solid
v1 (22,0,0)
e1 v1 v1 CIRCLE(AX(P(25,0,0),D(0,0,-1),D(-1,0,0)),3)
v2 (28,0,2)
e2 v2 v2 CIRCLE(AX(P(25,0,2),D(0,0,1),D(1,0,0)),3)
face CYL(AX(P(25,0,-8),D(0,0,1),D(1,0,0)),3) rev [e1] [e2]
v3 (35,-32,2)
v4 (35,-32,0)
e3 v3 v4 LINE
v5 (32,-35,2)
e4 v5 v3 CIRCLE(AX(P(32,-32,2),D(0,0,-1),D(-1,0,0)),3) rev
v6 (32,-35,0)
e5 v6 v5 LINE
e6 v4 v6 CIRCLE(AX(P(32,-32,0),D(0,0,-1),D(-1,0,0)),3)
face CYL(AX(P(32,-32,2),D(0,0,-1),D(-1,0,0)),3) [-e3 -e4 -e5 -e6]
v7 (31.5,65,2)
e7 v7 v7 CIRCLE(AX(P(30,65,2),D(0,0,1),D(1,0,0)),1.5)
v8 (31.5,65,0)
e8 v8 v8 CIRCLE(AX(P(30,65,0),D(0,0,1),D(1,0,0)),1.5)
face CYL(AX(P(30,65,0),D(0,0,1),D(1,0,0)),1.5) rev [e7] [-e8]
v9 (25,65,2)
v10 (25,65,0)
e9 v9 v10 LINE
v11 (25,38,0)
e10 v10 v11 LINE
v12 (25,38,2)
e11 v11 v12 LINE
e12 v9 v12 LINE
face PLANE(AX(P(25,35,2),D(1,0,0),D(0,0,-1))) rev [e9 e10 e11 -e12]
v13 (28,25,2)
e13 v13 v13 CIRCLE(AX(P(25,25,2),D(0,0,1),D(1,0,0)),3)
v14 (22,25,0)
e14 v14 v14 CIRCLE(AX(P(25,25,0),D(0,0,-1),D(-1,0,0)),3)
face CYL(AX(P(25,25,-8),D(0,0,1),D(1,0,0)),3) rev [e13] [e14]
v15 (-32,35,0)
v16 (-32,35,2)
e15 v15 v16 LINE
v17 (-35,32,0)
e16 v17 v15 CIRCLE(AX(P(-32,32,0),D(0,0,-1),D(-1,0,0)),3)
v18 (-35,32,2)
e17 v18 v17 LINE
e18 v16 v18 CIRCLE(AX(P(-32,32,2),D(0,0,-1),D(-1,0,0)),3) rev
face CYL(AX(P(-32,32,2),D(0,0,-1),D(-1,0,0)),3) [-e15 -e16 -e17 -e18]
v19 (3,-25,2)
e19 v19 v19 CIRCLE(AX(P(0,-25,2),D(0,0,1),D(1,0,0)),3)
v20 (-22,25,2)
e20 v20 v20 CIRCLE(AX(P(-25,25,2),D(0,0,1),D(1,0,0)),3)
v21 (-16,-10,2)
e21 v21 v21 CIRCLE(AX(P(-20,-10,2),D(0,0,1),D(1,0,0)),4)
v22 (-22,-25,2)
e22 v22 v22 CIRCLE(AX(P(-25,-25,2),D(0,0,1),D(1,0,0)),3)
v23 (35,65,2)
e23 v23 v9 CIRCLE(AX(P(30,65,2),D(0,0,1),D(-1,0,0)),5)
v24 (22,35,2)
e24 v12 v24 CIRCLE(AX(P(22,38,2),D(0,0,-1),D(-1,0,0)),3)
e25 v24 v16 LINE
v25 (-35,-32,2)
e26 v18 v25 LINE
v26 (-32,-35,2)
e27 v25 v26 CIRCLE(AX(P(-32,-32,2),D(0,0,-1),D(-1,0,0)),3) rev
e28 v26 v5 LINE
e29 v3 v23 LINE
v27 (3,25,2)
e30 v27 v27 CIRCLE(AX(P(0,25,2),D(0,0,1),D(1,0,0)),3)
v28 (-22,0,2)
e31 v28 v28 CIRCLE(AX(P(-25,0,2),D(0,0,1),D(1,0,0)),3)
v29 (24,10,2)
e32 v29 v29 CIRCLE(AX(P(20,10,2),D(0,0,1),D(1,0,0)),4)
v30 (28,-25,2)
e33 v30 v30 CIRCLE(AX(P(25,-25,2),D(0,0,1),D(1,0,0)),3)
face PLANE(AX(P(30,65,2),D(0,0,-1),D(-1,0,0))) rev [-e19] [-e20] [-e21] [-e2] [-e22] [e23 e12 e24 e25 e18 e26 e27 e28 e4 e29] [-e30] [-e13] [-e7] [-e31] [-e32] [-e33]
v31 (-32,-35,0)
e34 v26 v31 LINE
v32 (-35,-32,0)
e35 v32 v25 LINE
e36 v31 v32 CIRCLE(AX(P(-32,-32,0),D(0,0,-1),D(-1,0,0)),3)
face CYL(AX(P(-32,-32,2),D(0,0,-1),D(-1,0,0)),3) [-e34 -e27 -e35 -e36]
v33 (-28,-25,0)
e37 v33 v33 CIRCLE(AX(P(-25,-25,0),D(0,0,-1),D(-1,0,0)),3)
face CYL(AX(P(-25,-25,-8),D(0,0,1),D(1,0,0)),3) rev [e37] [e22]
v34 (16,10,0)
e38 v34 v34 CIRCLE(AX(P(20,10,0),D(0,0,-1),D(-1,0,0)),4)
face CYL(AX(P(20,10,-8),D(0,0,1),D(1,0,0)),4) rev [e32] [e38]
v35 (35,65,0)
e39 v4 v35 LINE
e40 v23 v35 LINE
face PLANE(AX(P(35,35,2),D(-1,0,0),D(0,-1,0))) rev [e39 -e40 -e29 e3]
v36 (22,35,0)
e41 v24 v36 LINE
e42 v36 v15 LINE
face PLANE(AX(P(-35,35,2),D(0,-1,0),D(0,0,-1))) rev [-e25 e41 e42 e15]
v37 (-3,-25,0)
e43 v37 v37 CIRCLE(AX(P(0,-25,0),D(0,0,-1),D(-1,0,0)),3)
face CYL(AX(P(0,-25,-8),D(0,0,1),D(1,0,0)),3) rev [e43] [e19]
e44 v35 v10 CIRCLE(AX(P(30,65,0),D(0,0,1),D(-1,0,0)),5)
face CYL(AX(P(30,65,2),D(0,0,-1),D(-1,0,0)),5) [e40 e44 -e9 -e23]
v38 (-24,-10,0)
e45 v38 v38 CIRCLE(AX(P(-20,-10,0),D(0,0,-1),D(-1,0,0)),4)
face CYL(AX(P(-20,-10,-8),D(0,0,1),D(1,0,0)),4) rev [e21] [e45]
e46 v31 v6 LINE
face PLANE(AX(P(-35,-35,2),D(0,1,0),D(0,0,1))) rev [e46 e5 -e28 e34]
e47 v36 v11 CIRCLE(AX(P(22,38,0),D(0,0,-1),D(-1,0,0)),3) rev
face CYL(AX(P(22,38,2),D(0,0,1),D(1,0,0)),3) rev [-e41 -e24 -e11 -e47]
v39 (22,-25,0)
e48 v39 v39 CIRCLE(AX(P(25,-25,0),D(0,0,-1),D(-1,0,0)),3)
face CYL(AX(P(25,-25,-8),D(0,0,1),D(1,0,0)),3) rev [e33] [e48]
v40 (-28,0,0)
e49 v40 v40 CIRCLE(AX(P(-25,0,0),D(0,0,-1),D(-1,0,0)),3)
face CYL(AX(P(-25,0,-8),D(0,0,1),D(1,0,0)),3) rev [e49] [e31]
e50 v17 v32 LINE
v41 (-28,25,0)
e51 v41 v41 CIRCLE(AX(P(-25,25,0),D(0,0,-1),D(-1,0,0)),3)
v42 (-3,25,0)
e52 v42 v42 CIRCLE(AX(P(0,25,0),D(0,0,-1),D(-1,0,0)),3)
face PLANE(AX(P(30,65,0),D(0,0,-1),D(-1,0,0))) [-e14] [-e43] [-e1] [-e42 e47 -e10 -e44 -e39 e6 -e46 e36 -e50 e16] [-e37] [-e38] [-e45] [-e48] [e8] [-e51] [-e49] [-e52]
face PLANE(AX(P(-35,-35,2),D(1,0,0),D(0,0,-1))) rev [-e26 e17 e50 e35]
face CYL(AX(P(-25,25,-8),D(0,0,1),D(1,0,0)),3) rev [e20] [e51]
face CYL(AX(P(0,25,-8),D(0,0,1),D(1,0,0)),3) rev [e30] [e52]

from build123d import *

# Parameters (mm, degrees)
BOSS_EXTRUDE1_DEPTH = 2
SKETCH2_R           = 1.5
CUT_EXTRUDE1_DEPTH  = 2
SKETCH3_R           = 3
SKETCH3_R_2         = 4
CUT_EXTRUDE2_DEPTH  = 10
FILLET1_R           = 3


with BuildPart() as part:
    # Sketch1 → Boss-Extrude1 (new body)
    with BuildSketch(Plane.XY):
        with BuildLine():
            Line((35, 35), (35, 65))
            ThreePointArc((35, 65), (30, 70), (25, 65))
            Line((25, 65), (25, 35))
            Line((25, 35), (-35, 35))
            Line((-35, 35), (-35, -35))
            Line((-35, -35), (35, -35))
            Line((35, -35), (35, 35))
        make_face()
    extrude(amount=BOSS_EXTRUDE1_DEPTH)

    # Sketch2 → Cut-Extrude1 (cut)
    with BuildSketch(Plane.XY.offset(2)):
        with Locations((30, 65)):
            Circle(SKETCH2_R)
    extrude(amount=-CUT_EXTRUDE1_DEPTH, mode=Mode.SUBTRACT)

    # Sketch3 → Cut-Extrude2 (cut)
    with BuildSketch(Plane.XY.offset(2)):
        with Locations((0, 25)):
            Circle(SKETCH3_R)
        with Locations((25, 25)):
            Circle(SKETCH3_R)
        with Locations((25, 0)):
            Circle(SKETCH3_R)
        with Locations((25, -25)):
            Circle(SKETCH3_R)
        with Locations((0, -25)):
            Circle(SKETCH3_R)
        with Locations((-25, -25)):
            Circle(SKETCH3_R)
        with Locations((-25, 0)):
            Circle(SKETCH3_R)
        with Locations((-25, 25)):
            Circle(SKETCH3_R)
        with Locations((-20, -10)):
            Circle(SKETCH3_R_2)
        with Locations((20, 10)):
            Circle(SKETCH3_R_2)
    extrude(amount=-CUT_EXTRUDE2_DEPTH, mode=Mode.SUBTRACT)

    # Fillet1
    fillet1_edges = [part.edges().sort_by_distance(p)[0] for p in [
        (35, -35, 1),
        (-35, -35, 1),
        (-35, 35, 1),
        (25, 35, 1),
    ]]
    fillet(fillet1_edges, radius=FILLET1_R)


solid = part.part
